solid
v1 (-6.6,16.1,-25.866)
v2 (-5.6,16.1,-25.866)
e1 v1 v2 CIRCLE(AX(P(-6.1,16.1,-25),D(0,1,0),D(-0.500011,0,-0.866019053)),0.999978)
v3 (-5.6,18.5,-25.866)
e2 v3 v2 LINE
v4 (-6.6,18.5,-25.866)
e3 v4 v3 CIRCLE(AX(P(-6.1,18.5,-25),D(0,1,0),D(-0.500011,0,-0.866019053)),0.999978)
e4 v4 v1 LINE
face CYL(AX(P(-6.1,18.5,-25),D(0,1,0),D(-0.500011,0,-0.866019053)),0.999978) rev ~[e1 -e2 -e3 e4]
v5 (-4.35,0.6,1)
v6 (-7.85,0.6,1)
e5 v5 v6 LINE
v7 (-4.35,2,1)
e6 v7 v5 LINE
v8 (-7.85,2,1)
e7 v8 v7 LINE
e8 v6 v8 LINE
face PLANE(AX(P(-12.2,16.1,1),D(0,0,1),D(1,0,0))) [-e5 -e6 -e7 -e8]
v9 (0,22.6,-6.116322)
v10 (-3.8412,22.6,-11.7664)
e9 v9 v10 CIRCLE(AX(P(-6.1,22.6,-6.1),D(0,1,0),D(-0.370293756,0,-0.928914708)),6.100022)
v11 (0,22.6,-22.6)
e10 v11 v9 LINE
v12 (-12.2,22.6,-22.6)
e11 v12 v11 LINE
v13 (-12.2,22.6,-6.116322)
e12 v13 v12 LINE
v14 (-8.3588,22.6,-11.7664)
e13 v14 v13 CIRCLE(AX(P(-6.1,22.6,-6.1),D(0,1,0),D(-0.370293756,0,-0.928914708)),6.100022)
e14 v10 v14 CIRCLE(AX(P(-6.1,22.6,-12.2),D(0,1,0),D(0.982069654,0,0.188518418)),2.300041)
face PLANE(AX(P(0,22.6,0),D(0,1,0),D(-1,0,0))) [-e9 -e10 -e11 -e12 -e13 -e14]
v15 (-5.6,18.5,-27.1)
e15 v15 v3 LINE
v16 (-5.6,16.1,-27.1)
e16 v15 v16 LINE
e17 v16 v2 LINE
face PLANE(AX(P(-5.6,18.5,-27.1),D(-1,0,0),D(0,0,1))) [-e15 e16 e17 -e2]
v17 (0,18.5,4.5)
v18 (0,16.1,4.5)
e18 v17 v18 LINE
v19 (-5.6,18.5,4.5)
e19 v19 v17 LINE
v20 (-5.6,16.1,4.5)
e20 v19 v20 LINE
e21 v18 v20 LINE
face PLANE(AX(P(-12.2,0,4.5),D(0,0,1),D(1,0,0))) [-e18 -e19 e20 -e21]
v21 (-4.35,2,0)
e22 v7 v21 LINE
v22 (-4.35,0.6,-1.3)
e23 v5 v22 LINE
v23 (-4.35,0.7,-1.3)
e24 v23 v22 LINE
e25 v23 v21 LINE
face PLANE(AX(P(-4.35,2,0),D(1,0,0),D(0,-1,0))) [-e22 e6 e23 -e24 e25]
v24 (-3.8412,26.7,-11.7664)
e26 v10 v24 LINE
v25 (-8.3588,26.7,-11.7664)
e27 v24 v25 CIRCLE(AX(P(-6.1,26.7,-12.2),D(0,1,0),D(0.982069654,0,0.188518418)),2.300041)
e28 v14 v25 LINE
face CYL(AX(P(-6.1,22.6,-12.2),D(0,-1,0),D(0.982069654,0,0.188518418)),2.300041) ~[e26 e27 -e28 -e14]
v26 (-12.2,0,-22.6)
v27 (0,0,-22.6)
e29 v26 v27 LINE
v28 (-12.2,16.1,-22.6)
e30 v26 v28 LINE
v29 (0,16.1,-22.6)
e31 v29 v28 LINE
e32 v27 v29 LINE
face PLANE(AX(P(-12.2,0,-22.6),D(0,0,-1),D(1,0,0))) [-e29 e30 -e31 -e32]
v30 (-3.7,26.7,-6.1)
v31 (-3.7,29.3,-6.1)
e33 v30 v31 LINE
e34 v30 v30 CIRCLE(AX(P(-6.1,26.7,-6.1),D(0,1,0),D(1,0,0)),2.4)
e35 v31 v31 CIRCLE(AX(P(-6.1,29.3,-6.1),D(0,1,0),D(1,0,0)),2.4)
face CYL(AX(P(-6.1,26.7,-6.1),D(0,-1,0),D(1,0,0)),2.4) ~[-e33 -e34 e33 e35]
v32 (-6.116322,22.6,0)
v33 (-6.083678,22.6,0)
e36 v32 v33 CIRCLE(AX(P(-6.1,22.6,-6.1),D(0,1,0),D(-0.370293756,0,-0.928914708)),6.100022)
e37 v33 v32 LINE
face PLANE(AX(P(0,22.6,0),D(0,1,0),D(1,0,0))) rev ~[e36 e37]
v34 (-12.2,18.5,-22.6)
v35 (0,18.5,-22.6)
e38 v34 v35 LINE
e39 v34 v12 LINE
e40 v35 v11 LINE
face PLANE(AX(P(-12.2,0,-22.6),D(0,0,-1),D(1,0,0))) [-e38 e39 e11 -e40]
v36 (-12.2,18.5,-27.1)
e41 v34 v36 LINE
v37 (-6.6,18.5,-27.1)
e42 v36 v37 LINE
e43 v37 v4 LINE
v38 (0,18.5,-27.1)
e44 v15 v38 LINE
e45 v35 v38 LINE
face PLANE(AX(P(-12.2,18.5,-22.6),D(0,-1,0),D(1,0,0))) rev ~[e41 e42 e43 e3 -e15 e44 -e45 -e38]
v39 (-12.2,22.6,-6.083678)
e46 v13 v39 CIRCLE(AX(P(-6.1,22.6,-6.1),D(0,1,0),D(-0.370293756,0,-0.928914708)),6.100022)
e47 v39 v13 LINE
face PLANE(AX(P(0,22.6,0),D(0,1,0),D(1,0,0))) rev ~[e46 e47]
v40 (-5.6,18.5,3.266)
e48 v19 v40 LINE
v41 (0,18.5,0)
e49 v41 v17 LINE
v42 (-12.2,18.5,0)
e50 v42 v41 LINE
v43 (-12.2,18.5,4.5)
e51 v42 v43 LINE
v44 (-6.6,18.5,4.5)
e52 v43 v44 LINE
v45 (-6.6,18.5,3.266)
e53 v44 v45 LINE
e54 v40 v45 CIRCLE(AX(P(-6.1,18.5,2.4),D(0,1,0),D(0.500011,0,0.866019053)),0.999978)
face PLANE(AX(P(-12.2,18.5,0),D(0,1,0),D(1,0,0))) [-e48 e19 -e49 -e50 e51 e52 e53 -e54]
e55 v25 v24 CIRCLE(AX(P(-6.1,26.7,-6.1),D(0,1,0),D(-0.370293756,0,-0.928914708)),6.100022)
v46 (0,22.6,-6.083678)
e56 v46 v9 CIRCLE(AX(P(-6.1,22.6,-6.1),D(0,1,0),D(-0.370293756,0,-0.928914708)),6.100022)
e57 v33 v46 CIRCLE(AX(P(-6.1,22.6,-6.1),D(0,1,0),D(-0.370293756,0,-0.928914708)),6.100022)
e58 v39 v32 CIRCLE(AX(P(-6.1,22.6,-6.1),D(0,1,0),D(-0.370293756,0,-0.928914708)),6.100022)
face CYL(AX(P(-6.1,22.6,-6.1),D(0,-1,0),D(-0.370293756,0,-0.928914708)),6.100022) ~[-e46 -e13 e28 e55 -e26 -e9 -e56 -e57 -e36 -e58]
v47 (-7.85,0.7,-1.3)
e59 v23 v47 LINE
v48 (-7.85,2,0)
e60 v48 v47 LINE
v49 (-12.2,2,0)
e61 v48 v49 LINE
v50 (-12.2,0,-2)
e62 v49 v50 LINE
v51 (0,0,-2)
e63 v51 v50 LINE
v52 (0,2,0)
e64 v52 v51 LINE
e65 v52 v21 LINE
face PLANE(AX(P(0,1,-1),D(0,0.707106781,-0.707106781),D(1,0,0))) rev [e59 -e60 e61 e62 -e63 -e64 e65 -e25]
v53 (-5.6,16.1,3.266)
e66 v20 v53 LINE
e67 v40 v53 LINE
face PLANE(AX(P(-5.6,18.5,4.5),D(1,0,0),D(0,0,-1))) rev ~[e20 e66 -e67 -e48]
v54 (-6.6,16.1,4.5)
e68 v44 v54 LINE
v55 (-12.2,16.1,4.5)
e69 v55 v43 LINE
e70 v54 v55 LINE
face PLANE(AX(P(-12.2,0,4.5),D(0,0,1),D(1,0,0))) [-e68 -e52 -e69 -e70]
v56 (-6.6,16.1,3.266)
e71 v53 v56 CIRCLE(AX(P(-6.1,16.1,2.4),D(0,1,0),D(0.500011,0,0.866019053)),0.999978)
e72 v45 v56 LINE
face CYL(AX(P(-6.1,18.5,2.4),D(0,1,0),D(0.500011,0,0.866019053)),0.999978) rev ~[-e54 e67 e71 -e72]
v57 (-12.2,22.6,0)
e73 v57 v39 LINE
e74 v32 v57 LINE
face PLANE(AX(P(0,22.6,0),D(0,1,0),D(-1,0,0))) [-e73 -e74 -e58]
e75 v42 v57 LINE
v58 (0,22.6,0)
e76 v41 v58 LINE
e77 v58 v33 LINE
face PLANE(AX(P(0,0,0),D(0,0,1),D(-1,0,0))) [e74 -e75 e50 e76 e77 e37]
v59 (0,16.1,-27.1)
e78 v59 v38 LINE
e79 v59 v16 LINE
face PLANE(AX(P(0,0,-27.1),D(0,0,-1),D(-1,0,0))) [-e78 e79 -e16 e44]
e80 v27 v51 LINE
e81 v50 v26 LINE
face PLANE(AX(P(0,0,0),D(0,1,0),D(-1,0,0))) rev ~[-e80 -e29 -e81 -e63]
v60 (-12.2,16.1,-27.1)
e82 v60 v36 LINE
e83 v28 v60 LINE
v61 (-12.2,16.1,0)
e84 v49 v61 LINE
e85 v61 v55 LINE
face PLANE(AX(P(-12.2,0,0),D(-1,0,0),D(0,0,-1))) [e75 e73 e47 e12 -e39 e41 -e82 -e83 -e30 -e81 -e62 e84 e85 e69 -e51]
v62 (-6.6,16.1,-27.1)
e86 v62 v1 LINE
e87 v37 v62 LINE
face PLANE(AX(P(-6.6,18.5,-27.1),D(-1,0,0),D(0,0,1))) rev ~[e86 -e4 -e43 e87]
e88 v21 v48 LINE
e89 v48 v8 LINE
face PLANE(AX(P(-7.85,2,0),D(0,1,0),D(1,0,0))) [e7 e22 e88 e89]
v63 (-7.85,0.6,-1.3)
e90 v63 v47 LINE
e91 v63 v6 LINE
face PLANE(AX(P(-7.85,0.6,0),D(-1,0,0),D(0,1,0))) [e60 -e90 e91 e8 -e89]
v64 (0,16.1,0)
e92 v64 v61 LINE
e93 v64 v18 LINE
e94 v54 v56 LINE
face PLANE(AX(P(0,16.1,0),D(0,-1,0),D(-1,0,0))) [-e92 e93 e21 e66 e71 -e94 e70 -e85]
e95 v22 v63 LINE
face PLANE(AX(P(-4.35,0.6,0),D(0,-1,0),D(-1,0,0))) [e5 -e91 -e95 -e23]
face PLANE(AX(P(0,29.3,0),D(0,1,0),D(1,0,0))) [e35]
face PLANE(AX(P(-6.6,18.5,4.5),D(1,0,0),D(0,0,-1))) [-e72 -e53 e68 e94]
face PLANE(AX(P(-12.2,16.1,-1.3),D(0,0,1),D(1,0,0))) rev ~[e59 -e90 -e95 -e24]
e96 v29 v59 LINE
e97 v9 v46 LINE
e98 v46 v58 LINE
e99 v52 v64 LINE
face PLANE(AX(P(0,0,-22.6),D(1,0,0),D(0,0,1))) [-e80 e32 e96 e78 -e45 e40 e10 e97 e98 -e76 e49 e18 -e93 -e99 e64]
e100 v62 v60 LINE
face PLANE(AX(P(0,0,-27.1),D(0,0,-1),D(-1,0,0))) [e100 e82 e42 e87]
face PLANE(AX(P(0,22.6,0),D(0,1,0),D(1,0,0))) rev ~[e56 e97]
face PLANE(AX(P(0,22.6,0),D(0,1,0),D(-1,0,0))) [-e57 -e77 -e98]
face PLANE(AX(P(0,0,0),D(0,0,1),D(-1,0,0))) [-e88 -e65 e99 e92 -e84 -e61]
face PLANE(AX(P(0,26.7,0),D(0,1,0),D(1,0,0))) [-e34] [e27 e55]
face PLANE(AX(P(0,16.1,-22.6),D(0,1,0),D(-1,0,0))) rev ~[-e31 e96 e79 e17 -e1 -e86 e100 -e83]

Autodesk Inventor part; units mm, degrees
ref_plane "YZ Plane" through (0, 0, 0) normal (1, 0, 0) x (0, 1, 0)
ref_plane "XZ Plane" through (0, 0, 0) normal (0, 1, 0) x (-1, 0, 0)
ref_plane "XY Plane" through (0, 0, 0) normal (0, 0, 1) x (1, 0, 0)
sketch "Szkic1" plane through (0, 0, 0) normal (0, 1, 0) x (-1, 0, 0)
  line L0 (0, 0) -> (12.2, 0)
  line L1 (12.2, 0) -> (12.2, -22.6)
  line L2 (12.2, -22.6) -> (0, -22.6)
  line L3 (0, -22.6) -> (0, 0)
  dimension "d0" = 12.2
  dimension "d1" = 22.6
extrude "Wyciągnięcie proste1" add sketch "Szkic1" along normal blind 22.6
sketch "Szkic2" plane through (-12.2, 0, 0) normal (0, 0, 1) x (1, 0, 0)
  line L0 (0, 22.6) -> (12.2, 22.6) construction
  line L1 (0, 22.6) -> (0, 18.5) construction
  line L2 (0, 0) -> (0, 22.6) construction
  line L3 (0, 18.5) -> (12.2, 18.5) construction
  line L4 (12.2, 0) -> (12.2, 22.6) construction
  line L5 (0, 18.5) -> (0, 16.1) construction
  line L6 (0, 18.5) -> (12.2, 18.5)
  line L7 (12.2, 18.5) -> (12.2, 16.1)
  line L8 (12.2, 16.1) -> (0, 16.1)
  line L9 (0, 16.1) -> (0, 18.5)
  dimension "d4" = 4.1
  dimension "d5" = 2.4
extrude "Wyciągnięcie proste2" add sketch "Szkic2" along normal blind 4.5
sketch "Szkic3" plane through (0, 0, -22.6) normal (0, 0, -1) x (-1, 0, 0)
  line L0 (12.2, 18.5) -> (0, 18.5) projected
  line L1 (0, 16.1) -> (12.2, 16.1) projected
  line L2 (12.2, 0) -> (12.2, 22.6) projected
  line L3 (0, 0) -> (0, 22.6) projected
  line L4 (12.2, 18.5) -> (0, 18.5)
  line L5 (0, 18.5) -> (0, 16.1)
  line L6 (0, 16.1) -> (12.2, 16.1)
  line L7 (12.2, 16.1) -> (12.2, 18.5)
extrude "Wyciągnięcie proste3" add sketch "Szkic3" along normal blind 4.5
sketch "Szkic4" plane through (-12.2, 18.5, 0) normal (0, 1, 0) x (1, 0, 0)
  line L0 (0, -4.5) -> (12.2, -4.5) construction
  line L1 (6.1, -4.5) -> (6.1, 27) construction
  line L2 (6.1, -4.5) -> (5.6, -4.5) construction
  line L3 (6.1, -4.5) -> (6.1, -2.4) construction
  circle A0 centre (6.1, -2.4) radius 1 construction
  line L4 (5.6, -4.5) -> (6.6, -4.5) construction
  line L5 (6.6, -4.5) -> (6.6, -3) construction
  line L6 (6.6, -3) -> (5.6, -3) construction
  line L7 (5.6, -3) -> (5.6, -4.5) construction
  line L8 (5.6, -4.5) -> (5.6, -3.266)
  line L9 (5.6, -4.5) -> (6.6, -4.5)
  line L10 (6.6, -4.5) -> (6.6, -3.266)
  arc A1 (6.6, -3.266) -> (5.6, -3.266) centre (6.1, -2.4) ccw
  line L11 (0, 22.6) -> (0, 0) construction
  line L12 (0, 11.3) -> (12.2, 11.3) construction
  line L13 (12.2, 0) -> (12.2, 22.6) construction
  circle A2 centre (6.1, 25) radius 1 construction
  line L14 (5.6, 27.1) -> (6.6, 27.1) construction
  line L15 (5.6, 27.1) -> (5.6, 25.866)
  line L16 (6.6, 27.1) -> (6.6, 25.866)
  line L17 (5.6, 27.1) -> (6.6, 27.1)
  line L18 (0, 27.1) -> (12.2, 27.1) projected
  arc A3 (5.6, 25.866) -> (6.6, 25.866) centre (6.1, 25) ccw
  dimension "d10" = 0.5
  dimension "d11" = 2.1
  dimension "d12" = 2
  dimension "d13" = 1
extrude "Wyciągnięcie proste4" cut sketch "Szkic4" against normal blind 2.4
sketch "Szkic5" plane through (0, 22.6, 0) normal (0, 1, 0) x (1, 0, 0)
  line L0 (-12.2, 0) -> (0, 0) construction
  line L1 (-6.1, 0) -> (-6.1, 6.1) construction
  circle A0 centre (-6.1, 6.1) radius 6.1 construction
  line L2 (-6.1, 0) -> (-6.1, 14.5) construction
  circle A1 centre (-6.1, 12.2) radius 2.3 construction
  arc A2 (-8.3588, 11.7664) -> (-3.8412, 11.7664) centre (-6.1, 6.1) ccw
  arc A3 (-3.8412, 11.7664) -> (-8.3588, 11.7664) centre (-6.1, 12.2) ccw
  dimension "d16" = 6.1
  dimension "d17" = 12.2
  dimension "d18" = 14.5
extrude "Wyciągnięcie proste5" add sketch "Szkic5" along normal blind 4.1
sketch "Szkic6" plane through (0, 26.7, 0) normal (0, 1, 0) x (1, 0, 0)
  arc A0 (-8.3588, 11.7664) -> (-3.8412, 11.7664) centre (-6.1, 6.1) ccw projected
  circle A1 centre (-6.1, 6.1) radius 2.4
  point P0 (0, 0)
  dimension "d21" = 4.8
extrude "Wyciągnięcie proste6" add sketch "Szkic6" along normal blind 2.6
chamfer "Faza1" distance 2 angle 45 1 edges at (-6.1, 0, 0)
sketch "Szkic7" plane through (-12.2, 16.1, 0) normal (0, 0, 1) x (1, 0, 0)
  line L0 (12.2, -14.1) -> (0, -14.1) construction
  line L1 (6.1, -14.1) -> (6.1, -16.1) construction
  line L2 (0, -16.1) -> (12.2, -16.1) construction
  line L3 (6.1, -14.1) -> (4.35, -14.1) construction
  line L4 (4.35, -14.1) -> (7.85, -14.1)
  line L5 (7.85, -14.1) -> (7.85, -15.5)
  line L6 (7.85, -15.5) -> (4.35, -15.5)
  line L7 (4.35, -15.5) -> (4.35, -14.1)
  dimension "d27" = 1.75
  dimension "d28" = 3.5
  dimension "d29" = 1.4
extrude "Wyciągnięcie proste7" add sketch "Szkic7" along normal blind 1 and the other way blind 1.3
properties part number "SG92r"
